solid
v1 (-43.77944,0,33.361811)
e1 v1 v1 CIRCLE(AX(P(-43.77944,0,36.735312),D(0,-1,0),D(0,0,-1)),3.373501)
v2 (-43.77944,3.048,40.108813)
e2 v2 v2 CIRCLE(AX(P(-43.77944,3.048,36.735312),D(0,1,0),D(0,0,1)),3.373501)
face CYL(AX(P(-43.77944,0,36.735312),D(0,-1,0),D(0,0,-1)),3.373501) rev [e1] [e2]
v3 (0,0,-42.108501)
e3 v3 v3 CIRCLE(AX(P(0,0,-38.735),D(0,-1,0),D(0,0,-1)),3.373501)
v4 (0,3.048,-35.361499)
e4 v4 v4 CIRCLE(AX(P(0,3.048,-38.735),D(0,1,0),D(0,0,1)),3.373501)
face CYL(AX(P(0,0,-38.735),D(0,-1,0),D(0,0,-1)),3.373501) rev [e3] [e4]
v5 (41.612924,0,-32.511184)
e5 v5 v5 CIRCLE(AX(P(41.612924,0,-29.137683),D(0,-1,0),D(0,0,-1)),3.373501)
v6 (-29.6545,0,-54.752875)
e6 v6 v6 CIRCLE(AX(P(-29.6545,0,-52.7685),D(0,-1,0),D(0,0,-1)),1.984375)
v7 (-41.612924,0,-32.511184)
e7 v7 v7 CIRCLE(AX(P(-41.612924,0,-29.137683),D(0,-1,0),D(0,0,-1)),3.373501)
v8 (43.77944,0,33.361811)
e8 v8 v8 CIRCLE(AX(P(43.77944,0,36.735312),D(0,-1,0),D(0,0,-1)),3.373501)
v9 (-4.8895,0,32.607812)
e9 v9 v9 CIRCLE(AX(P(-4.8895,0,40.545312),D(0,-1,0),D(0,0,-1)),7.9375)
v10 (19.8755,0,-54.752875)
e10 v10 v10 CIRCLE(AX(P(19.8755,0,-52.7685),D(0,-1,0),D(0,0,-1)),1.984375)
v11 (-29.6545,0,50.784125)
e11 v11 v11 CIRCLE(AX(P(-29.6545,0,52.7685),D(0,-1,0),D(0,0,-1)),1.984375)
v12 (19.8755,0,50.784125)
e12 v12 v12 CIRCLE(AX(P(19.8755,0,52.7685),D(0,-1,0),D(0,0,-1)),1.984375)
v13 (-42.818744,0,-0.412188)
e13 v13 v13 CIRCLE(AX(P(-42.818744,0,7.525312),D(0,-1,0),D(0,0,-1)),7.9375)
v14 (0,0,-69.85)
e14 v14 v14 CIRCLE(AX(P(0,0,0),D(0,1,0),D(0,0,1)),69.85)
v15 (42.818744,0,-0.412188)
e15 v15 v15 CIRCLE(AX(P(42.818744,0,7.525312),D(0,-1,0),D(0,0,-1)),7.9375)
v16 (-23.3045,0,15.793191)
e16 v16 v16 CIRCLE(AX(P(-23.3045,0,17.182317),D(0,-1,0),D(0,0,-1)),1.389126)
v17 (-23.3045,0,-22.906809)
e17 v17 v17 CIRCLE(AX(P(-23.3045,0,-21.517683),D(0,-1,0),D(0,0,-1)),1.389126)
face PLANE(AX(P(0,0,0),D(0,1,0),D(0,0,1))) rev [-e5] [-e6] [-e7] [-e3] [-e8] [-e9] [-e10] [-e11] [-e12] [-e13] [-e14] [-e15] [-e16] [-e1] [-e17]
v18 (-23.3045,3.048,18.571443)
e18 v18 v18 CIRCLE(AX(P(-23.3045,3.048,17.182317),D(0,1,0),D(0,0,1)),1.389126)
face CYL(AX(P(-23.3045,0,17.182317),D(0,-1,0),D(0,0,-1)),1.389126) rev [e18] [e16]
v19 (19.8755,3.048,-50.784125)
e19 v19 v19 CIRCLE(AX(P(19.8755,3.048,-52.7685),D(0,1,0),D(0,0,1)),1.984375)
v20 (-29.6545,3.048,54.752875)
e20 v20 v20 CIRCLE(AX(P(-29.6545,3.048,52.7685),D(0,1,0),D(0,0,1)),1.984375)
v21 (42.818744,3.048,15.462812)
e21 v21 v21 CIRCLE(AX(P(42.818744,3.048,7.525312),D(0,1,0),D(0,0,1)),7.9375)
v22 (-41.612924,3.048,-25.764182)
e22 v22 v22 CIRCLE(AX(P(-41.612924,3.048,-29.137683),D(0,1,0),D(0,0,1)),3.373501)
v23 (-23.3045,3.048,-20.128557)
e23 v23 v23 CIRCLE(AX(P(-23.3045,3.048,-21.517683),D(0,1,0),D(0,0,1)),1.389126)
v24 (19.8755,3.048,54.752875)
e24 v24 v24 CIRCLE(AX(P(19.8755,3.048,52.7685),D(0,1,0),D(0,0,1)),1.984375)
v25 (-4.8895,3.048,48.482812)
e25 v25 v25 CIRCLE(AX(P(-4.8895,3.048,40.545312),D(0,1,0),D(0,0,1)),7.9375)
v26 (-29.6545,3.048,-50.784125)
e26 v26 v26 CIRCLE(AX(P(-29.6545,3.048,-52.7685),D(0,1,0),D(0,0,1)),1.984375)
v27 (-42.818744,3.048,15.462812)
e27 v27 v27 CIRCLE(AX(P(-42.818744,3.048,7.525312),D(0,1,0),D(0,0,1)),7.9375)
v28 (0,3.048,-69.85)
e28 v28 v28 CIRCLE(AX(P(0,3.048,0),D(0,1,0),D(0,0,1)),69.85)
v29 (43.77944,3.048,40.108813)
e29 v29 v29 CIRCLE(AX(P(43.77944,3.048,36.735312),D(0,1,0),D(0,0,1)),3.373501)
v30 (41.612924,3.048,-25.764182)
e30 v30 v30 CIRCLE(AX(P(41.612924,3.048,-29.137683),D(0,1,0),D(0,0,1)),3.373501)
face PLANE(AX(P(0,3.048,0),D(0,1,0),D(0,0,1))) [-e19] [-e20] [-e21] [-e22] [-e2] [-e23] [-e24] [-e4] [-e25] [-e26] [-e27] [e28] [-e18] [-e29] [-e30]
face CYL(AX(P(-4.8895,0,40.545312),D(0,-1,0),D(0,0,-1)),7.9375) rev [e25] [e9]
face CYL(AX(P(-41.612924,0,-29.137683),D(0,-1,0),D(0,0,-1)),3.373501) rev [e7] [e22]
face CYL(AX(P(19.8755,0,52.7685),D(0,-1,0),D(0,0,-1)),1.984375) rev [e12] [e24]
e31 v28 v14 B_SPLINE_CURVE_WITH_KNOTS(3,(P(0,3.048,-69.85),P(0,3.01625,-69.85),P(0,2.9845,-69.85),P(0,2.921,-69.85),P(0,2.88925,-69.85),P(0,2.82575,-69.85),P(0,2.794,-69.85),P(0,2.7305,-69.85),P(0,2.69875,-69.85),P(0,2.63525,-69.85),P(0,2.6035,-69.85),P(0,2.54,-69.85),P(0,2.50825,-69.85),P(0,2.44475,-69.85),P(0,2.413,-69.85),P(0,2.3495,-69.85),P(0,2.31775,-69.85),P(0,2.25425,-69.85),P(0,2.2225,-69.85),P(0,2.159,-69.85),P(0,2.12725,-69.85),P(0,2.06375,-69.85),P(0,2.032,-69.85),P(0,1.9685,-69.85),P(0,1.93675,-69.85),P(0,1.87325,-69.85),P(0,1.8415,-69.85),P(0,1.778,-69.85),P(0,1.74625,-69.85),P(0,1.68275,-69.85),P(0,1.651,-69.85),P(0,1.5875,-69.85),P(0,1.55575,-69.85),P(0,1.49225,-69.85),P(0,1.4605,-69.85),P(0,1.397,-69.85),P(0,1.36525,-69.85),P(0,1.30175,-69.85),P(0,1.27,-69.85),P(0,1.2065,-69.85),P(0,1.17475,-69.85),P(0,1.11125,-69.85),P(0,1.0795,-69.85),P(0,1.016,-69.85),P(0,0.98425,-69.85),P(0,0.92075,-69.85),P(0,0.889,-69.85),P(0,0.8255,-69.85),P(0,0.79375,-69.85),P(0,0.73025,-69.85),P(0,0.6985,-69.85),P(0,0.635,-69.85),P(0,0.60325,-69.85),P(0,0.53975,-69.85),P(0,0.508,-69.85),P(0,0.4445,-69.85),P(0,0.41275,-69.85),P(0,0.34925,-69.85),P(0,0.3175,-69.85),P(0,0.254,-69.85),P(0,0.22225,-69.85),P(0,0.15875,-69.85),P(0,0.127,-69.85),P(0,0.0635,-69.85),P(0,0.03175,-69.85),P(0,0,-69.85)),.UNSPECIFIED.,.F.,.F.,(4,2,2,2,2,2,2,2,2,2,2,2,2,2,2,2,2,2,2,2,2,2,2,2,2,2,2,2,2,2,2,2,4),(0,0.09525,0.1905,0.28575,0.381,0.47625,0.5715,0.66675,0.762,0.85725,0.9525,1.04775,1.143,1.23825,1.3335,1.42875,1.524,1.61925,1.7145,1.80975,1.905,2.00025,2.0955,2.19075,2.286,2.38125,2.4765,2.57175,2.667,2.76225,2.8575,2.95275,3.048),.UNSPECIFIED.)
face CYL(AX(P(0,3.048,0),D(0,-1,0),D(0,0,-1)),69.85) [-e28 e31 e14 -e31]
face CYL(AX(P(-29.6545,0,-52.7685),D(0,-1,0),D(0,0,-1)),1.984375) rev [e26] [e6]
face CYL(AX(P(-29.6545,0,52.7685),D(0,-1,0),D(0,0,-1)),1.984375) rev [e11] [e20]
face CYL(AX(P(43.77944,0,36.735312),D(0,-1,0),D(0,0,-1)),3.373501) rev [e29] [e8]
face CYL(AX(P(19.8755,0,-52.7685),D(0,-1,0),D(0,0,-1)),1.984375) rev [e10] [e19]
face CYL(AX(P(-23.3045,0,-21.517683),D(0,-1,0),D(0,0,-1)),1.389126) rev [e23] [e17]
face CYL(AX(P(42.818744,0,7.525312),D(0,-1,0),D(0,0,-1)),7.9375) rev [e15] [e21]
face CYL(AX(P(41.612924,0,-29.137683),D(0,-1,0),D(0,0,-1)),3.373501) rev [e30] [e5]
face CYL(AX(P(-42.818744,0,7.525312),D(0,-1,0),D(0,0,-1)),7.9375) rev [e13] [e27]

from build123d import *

# Parameters (mm, degrees)
SKETCH1_R                            = 69.85
BOSS_EXTRUDE1_DEPTH                  = 3.048
F_17_64_0_26563_DIAMETER_HOLE1_D     = 6.747002
F_17_64_0_26563_DIAMETER_HOLE1_DEPTH = 16.51
F_17_64_0_26563_DIAMETER_HOLE1_TIP   = 2.027003899
F_5_32_0_15625_DIAMETER_HOLE1_D      = 3.96875
F_5_32_0_15625_DIAMETER_HOLE1_DEPTH  = 16.51
F_5_32_0_15625_DIAMETER_HOLE1_TIP    = 1.192332791
F_5_8_0_625_DIAMETER_HOLE1_D         = 15.875
F_5_8_0_625_DIAMETER_HOLE1_DEPTH     = 16.51
F_5_8_0_625_DIAMETER_HOLE1_TIP       = 4.769331164
F_7_64_0_10938_DIAMETER_HOLE1_D      = 2.778252
F_7_64_0_10938_DIAMETER_HOLE1_DEPTH  = 16.51
F_7_64_0_10938_DIAMETER_HOLE1_TIP    = 0.834671108


with BuildPart() as part:
    # Sketch1 → Boss-Extrude1 (new body)
    with BuildSketch(Plane(origin=(0, 0, 0), x_dir=(1, 0, 0), z_dir=(0, 1, 0))):
        with Locations(Location((0, 0, 0), (0, 0, 90))):
            Circle(SKETCH1_R)
    extrude(amount=BOSS_EXTRUDE1_DEPTH)

    # 17/64 (0.26563) Diameter Hole1
    with Locations(Plane(origin=(-43.779439924, 0, 36.735311894), x_dir=(0, 0, -1), z_dir=(0, -1, 0))):
        with Locations((0, 0), (0, 87.558879848), (65.872994861, 85.392363774), (65.872994861, 2.166516074), (75.470311894, 43.779439924)):
            Hole(F_17_64_0_26563_DIAMETER_HOLE1_D / 2, depth=F_17_64_0_26563_DIAMETER_HOLE1_DEPTH)
            with Locations((0, 0, -(F_17_64_0_26563_DIAMETER_HOLE1_DEPTH + F_17_64_0_26563_DIAMETER_HOLE1_TIP / 2))):  # 118° drill point
                Cone(0, F_17_64_0_26563_DIAMETER_HOLE1_D / 2, F_17_64_0_26563_DIAMETER_HOLE1_TIP, mode=Mode.SUBTRACT)

    # 5/32 (0.15625) Diameter Hole1
    with Locations(Plane(origin=(-29.6545, 0, 52.7685), x_dir=(0, 0, -1), z_dir=(0, -1, 0))):
        with Locations((0, 0), (0, 49.53), (105.537, 49.53), (105.537, 0)):
            Hole(F_5_32_0_15625_DIAMETER_HOLE1_D / 2, depth=F_5_32_0_15625_DIAMETER_HOLE1_DEPTH)
            with Locations((0, 0, -(F_5_32_0_15625_DIAMETER_HOLE1_DEPTH + F_5_32_0_15625_DIAMETER_HOLE1_TIP / 2))):  # 118° drill point
                Cone(0, F_5_32_0_15625_DIAMETER_HOLE1_D / 2, F_5_32_0_15625_DIAMETER_HOLE1_TIP, mode=Mode.SUBTRACT)

    # 5/8 (0.625) Diameter Hole1
    with Locations(Plane(origin=(-42.818743744, 0, 7.525311894), x_dir=(0, 0, -1), z_dir=(0, -1, 0))):
        with Locations((0, 0), (-33.02, 37.929243744), (0, 85.637487488)):
            Hole(F_5_8_0_625_DIAMETER_HOLE1_D / 2, depth=F_5_8_0_625_DIAMETER_HOLE1_DEPTH)
            with Locations((0, 0, -(F_5_8_0_625_DIAMETER_HOLE1_DEPTH + F_5_8_0_625_DIAMETER_HOLE1_TIP / 2))):  # 118° drill point
                Cone(0, F_5_8_0_625_DIAMETER_HOLE1_D / 2, F_5_8_0_625_DIAMETER_HOLE1_TIP, mode=Mode.SUBTRACT)

    # 7/64 (0.10938) Diameter Hole1
    with Locations(Plane(origin=(-23.3045, 0, 17.182317033), x_dir=(0, 0, -1), z_dir=(0, -1, 0))):
        with Locations((0, 0), (38.7, 0)):
            Hole(F_7_64_0_10938_DIAMETER_HOLE1_D / 2, depth=F_7_64_0_10938_DIAMETER_HOLE1_DEPTH)
            with Locations((0, 0, -(F_7_64_0_10938_DIAMETER_HOLE1_DEPTH + F_7_64_0_10938_DIAMETER_HOLE1_TIP / 2))):  # 118° drill point
                Cone(0, F_7_64_0_10938_DIAMETER_HOLE1_D / 2, F_7_64_0_10938_DIAMETER_HOLE1_TIP, mode=Mode.SUBTRACT)


solid = part.part
